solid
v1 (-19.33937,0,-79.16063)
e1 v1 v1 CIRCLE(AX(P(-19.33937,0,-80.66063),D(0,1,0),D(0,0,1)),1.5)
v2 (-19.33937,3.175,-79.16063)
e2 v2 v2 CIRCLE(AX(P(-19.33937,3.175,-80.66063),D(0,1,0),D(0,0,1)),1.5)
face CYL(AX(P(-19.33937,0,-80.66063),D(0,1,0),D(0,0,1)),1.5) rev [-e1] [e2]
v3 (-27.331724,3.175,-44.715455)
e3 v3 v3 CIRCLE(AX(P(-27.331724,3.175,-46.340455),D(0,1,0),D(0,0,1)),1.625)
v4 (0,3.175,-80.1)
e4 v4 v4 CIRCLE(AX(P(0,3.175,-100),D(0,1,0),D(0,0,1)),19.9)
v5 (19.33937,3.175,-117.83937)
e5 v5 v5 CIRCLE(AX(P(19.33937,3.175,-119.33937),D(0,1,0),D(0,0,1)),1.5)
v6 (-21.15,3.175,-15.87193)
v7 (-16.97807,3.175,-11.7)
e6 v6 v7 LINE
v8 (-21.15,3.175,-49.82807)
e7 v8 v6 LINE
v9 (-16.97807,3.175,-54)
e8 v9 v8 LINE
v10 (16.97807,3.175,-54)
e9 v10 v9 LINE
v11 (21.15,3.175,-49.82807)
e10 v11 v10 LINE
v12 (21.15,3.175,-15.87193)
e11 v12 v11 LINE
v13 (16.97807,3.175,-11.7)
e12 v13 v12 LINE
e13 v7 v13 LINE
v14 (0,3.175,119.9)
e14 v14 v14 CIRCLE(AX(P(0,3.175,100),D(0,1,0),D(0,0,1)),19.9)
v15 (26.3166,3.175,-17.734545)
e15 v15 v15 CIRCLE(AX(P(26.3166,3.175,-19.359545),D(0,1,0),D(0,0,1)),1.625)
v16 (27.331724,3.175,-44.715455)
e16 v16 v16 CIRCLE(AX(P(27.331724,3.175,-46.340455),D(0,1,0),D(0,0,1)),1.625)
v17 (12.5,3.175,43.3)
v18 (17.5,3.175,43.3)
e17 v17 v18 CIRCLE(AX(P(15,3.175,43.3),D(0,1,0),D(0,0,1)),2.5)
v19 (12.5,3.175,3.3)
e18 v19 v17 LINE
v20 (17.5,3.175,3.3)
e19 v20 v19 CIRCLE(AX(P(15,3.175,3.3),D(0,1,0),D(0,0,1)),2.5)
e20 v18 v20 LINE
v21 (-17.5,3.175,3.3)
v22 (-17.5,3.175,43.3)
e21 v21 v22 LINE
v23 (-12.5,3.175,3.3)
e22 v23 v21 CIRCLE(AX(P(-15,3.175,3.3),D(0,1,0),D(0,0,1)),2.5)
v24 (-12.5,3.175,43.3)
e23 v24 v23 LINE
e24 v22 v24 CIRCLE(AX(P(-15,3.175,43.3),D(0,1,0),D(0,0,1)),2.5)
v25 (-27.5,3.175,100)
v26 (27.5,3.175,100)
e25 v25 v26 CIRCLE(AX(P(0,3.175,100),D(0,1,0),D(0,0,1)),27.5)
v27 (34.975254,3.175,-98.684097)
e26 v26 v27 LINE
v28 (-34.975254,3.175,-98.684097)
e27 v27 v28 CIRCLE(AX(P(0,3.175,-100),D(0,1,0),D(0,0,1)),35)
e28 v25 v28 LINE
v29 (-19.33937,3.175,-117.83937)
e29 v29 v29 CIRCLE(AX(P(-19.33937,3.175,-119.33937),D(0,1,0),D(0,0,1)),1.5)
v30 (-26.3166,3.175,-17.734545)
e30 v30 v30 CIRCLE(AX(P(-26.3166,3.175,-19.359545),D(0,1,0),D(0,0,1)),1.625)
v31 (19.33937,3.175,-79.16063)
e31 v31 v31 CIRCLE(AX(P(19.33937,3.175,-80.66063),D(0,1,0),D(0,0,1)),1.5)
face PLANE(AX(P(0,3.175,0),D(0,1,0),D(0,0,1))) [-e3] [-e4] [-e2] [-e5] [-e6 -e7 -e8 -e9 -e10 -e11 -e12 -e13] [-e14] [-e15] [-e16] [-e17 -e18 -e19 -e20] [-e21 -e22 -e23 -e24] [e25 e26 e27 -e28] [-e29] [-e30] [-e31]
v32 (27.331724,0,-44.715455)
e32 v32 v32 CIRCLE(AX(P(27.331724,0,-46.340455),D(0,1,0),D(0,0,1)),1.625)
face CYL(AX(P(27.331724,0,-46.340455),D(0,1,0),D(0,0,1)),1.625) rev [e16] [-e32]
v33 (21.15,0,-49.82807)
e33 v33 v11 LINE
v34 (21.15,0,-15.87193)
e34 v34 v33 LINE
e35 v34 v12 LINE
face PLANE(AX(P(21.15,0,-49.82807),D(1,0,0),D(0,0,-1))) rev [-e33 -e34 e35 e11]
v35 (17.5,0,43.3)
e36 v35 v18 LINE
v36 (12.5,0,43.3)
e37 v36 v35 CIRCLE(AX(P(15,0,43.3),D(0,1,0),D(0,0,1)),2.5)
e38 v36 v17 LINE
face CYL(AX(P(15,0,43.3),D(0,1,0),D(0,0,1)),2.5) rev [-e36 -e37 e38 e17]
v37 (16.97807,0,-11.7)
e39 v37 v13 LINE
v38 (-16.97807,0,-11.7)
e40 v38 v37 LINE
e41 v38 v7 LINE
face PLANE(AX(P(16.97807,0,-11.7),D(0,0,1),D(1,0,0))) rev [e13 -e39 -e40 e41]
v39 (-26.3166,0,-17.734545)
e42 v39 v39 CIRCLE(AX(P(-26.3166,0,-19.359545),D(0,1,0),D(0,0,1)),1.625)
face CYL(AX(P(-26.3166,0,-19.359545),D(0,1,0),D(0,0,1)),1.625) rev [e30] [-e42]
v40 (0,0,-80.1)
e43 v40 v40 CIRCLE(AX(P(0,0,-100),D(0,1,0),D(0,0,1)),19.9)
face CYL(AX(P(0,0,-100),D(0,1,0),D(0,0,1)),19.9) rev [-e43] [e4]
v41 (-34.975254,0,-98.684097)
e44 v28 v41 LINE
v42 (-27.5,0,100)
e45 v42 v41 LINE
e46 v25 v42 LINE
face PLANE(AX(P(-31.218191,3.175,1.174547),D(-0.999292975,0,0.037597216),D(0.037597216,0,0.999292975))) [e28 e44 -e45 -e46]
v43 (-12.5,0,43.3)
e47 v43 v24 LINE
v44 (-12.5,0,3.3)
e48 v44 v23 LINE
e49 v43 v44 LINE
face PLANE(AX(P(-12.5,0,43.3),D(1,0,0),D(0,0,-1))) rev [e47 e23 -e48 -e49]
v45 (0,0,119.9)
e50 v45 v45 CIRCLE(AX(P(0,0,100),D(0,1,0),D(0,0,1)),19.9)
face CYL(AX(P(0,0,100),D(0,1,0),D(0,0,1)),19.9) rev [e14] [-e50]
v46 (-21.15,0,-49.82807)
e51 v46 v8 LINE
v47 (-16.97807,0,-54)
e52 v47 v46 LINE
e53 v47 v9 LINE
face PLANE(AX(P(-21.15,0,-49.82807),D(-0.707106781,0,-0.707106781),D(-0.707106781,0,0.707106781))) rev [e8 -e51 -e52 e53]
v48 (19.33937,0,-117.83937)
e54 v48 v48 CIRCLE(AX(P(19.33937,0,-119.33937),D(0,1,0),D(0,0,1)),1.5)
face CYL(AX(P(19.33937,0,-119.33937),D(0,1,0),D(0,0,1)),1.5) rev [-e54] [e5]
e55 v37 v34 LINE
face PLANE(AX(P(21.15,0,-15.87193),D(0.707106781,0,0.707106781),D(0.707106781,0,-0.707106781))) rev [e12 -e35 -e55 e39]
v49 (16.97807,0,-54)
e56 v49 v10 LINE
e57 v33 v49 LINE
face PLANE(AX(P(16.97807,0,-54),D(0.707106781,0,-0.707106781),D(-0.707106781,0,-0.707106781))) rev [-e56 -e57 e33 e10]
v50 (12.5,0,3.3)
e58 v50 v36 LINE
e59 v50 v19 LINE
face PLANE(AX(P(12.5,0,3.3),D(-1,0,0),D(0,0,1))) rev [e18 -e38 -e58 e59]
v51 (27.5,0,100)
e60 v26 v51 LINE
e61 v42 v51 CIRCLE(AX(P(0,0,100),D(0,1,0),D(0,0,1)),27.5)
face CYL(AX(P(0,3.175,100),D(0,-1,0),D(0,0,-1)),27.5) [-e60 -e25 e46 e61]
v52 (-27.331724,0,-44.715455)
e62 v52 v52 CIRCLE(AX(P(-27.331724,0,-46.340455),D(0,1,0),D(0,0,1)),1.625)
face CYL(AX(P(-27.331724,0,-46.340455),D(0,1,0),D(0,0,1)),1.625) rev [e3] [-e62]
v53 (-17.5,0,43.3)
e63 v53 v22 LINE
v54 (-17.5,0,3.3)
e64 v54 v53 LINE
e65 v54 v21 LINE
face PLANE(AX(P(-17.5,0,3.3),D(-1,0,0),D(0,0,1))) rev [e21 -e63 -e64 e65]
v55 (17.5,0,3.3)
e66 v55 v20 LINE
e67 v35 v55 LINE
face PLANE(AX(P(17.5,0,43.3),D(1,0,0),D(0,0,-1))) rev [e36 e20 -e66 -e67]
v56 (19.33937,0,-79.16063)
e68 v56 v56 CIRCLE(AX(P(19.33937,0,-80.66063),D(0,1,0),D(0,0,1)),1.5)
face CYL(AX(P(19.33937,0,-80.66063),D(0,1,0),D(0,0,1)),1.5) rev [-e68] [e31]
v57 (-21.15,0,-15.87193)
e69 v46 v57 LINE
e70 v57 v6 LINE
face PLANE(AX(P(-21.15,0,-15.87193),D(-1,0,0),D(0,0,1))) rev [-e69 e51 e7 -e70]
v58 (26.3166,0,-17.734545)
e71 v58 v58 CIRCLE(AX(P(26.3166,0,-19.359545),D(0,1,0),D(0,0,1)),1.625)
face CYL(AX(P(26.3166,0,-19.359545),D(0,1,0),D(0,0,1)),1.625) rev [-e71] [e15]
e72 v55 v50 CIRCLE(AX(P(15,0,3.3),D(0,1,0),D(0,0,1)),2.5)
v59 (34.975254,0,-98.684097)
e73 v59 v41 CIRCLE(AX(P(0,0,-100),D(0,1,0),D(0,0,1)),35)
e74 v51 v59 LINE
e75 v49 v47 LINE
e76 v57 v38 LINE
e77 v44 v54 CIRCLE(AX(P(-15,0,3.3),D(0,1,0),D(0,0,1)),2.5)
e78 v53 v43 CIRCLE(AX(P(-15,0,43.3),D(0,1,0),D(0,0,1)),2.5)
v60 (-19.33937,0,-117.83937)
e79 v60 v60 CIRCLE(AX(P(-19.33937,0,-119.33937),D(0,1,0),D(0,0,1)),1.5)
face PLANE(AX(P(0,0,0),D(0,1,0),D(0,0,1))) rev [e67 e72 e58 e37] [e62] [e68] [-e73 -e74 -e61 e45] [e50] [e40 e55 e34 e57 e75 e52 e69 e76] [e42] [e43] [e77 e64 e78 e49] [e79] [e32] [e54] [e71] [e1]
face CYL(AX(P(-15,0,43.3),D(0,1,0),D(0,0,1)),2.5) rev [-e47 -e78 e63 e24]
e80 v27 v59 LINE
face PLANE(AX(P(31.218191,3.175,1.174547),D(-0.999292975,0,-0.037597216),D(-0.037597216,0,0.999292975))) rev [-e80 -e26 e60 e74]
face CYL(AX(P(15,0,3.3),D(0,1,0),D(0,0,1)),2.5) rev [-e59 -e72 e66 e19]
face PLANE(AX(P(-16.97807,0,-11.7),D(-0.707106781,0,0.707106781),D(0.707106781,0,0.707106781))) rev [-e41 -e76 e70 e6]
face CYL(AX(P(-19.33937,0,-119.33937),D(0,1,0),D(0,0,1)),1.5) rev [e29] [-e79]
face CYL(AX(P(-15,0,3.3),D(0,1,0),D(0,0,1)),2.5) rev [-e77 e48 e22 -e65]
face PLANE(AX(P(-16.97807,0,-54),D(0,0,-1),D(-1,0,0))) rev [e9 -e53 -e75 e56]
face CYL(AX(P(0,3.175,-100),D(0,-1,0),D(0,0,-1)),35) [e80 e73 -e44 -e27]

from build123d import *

# Parameters (mm, degrees)
BOSS_EXTRUDE1_DEPTH     = 3.175
SKETCH2_R               = 19.9
CUT_EXTRUDE1_DEPTH      = 140.49939292
ESQUISSE2_R             = 1.5
ENL_V_MAT_EXTRU_1_DEPTH = 140.49939292
SKETCH5_R               = 1.625
CUT_EXTRUDE3_DEPTH      = 140.49939292
CUT_EXTRUDE4_DEPTH      = 140.49939292


with BuildPart() as part:
    # Sketch1 → Boss-Extrude1 (new body)
    with BuildSketch(Plane(origin=(0, 0, 0), x_dir=(1, 0, 0), z_dir=(0, 1, 0))):
        with BuildLine():
            Line((-27.5, -100), (-34.975254116, 98.684097441))
            ThreePointArc((-34.975254116, 98.684097441), (0, 135), (34.975254116, 98.684097441))
            Line((34.975254116, 98.684097441), (27.5, -100))
            ThreePointArc((27.5, -100), (0, -127.5), (-27.5, -100))
        make_face()
    extrude(amount=BOSS_EXTRUDE1_DEPTH)

    # Sketch2 → Cut-Extrude1 (cut, through all)
    with BuildSketch(Plane(origin=(0, 3.175, 0), x_dir=(1, 0, 0), z_dir=(0, 1, 0))):
        with Locations(Location((0, -100, 0), (0, 0, 270))):
            Circle(SKETCH2_R)
        with Locations(Location((0, 100, 0), (0, 0, 270))):
            Circle(SKETCH2_R)
    extrude(amount=-CUT_EXTRUDE1_DEPTH, mode=Mode.SUBTRACT)

    # Esquisse2 → Enlèv. mat.-Extru.1 (cut, through all)
    with BuildSketch(Plane(origin=(0, 3.175, 0), x_dir=(1, 0, 0), z_dir=(0, 1, 0))):
        with Locations(Location((19.339370465, 80.660629535, 0), (0, 0, 270))):
            Circle(ESQUISSE2_R)
        with Locations(Location((19.339370465, 119.339370465, 0), (0, 0, 270))):
            Circle(ESQUISSE2_R)
        with Locations(Location((-19.339370465, 119.339370465, 0), (0, 0, 270))):
            Circle(ESQUISSE2_R)
        with Locations(Location((-19.339370465, 80.660629535, 0), (0, 0, 270))):
            Circle(ESQUISSE2_R)
    extrude(amount=-ENL_V_MAT_EXTRU_1_DEPTH, mode=Mode.SUBTRACT)

    # Sketch5 → Cut-Extrude3 (cut, through all)
    with BuildSketch(Plane(origin=(0, 3.175, 0), x_dir=(1, 0, 0), z_dir=(0, 1, 0))):
        with Locations(Location((-27.331724457, 46.340455159, 0), (0, 0, 270))):
            Circle(SKETCH5_R)
        with Locations(Location((-26.316599626, 19.359544841, 0), (0, 0, 270))):
            Circle(SKETCH5_R)
        with Locations(Location((26.316599626, 19.359544841, 0), (0, 0, 270))):
            Circle(SKETCH5_R)
        with Locations(Location((27.331724457, 46.340455159, 0), (0, 0, 270))):
            Circle(SKETCH5_R)
        Polygon((-21.15, 49.828069991), (-16.978069991, 54), (16.978069991, 54), (21.15, 49.828069991), (21.15, 15.871930009), (16.978069991, 11.7), (-16.978069991, 11.7), (-21.15, 15.871930009), align=None)
    extrude(amount=-CUT_EXTRUDE3_DEPTH, mode=Mode.SUBTRACT)

    # Sketch7 → Cut-Extrude4 (cut, through all)
    with BuildSketch(Plane(origin=(0, 3.175, 0), x_dir=(1, 0, 0), z_dir=(0, 1, 0))):
        with BuildLine():
            Line((17.5, -43.3), (17.5, -3.3))
            ThreePointArc((17.5, -3.3), (15, -0.8), (12.5, -3.3))
            Line((12.5, -3.3), (12.5, -43.3))
            ThreePointArc((12.5, -43.3), (15, -45.8), (17.5, -43.3))
        make_face()
        with BuildLine():
            Line((-12.5, -43.3), (-12.5, -3.3))
            ThreePointArc((-12.5, -3.3), (-15, -0.8), (-17.5, -3.3))
            Line((-17.5, -3.3), (-17.5, -43.3))
            ThreePointArc((-17.5, -43.3), (-15, -45.8), (-12.5, -43.3))
        make_face()
    extrude(amount=-CUT_EXTRUDE4_DEPTH, mode=Mode.SUBTRACT)


solid = part.part
